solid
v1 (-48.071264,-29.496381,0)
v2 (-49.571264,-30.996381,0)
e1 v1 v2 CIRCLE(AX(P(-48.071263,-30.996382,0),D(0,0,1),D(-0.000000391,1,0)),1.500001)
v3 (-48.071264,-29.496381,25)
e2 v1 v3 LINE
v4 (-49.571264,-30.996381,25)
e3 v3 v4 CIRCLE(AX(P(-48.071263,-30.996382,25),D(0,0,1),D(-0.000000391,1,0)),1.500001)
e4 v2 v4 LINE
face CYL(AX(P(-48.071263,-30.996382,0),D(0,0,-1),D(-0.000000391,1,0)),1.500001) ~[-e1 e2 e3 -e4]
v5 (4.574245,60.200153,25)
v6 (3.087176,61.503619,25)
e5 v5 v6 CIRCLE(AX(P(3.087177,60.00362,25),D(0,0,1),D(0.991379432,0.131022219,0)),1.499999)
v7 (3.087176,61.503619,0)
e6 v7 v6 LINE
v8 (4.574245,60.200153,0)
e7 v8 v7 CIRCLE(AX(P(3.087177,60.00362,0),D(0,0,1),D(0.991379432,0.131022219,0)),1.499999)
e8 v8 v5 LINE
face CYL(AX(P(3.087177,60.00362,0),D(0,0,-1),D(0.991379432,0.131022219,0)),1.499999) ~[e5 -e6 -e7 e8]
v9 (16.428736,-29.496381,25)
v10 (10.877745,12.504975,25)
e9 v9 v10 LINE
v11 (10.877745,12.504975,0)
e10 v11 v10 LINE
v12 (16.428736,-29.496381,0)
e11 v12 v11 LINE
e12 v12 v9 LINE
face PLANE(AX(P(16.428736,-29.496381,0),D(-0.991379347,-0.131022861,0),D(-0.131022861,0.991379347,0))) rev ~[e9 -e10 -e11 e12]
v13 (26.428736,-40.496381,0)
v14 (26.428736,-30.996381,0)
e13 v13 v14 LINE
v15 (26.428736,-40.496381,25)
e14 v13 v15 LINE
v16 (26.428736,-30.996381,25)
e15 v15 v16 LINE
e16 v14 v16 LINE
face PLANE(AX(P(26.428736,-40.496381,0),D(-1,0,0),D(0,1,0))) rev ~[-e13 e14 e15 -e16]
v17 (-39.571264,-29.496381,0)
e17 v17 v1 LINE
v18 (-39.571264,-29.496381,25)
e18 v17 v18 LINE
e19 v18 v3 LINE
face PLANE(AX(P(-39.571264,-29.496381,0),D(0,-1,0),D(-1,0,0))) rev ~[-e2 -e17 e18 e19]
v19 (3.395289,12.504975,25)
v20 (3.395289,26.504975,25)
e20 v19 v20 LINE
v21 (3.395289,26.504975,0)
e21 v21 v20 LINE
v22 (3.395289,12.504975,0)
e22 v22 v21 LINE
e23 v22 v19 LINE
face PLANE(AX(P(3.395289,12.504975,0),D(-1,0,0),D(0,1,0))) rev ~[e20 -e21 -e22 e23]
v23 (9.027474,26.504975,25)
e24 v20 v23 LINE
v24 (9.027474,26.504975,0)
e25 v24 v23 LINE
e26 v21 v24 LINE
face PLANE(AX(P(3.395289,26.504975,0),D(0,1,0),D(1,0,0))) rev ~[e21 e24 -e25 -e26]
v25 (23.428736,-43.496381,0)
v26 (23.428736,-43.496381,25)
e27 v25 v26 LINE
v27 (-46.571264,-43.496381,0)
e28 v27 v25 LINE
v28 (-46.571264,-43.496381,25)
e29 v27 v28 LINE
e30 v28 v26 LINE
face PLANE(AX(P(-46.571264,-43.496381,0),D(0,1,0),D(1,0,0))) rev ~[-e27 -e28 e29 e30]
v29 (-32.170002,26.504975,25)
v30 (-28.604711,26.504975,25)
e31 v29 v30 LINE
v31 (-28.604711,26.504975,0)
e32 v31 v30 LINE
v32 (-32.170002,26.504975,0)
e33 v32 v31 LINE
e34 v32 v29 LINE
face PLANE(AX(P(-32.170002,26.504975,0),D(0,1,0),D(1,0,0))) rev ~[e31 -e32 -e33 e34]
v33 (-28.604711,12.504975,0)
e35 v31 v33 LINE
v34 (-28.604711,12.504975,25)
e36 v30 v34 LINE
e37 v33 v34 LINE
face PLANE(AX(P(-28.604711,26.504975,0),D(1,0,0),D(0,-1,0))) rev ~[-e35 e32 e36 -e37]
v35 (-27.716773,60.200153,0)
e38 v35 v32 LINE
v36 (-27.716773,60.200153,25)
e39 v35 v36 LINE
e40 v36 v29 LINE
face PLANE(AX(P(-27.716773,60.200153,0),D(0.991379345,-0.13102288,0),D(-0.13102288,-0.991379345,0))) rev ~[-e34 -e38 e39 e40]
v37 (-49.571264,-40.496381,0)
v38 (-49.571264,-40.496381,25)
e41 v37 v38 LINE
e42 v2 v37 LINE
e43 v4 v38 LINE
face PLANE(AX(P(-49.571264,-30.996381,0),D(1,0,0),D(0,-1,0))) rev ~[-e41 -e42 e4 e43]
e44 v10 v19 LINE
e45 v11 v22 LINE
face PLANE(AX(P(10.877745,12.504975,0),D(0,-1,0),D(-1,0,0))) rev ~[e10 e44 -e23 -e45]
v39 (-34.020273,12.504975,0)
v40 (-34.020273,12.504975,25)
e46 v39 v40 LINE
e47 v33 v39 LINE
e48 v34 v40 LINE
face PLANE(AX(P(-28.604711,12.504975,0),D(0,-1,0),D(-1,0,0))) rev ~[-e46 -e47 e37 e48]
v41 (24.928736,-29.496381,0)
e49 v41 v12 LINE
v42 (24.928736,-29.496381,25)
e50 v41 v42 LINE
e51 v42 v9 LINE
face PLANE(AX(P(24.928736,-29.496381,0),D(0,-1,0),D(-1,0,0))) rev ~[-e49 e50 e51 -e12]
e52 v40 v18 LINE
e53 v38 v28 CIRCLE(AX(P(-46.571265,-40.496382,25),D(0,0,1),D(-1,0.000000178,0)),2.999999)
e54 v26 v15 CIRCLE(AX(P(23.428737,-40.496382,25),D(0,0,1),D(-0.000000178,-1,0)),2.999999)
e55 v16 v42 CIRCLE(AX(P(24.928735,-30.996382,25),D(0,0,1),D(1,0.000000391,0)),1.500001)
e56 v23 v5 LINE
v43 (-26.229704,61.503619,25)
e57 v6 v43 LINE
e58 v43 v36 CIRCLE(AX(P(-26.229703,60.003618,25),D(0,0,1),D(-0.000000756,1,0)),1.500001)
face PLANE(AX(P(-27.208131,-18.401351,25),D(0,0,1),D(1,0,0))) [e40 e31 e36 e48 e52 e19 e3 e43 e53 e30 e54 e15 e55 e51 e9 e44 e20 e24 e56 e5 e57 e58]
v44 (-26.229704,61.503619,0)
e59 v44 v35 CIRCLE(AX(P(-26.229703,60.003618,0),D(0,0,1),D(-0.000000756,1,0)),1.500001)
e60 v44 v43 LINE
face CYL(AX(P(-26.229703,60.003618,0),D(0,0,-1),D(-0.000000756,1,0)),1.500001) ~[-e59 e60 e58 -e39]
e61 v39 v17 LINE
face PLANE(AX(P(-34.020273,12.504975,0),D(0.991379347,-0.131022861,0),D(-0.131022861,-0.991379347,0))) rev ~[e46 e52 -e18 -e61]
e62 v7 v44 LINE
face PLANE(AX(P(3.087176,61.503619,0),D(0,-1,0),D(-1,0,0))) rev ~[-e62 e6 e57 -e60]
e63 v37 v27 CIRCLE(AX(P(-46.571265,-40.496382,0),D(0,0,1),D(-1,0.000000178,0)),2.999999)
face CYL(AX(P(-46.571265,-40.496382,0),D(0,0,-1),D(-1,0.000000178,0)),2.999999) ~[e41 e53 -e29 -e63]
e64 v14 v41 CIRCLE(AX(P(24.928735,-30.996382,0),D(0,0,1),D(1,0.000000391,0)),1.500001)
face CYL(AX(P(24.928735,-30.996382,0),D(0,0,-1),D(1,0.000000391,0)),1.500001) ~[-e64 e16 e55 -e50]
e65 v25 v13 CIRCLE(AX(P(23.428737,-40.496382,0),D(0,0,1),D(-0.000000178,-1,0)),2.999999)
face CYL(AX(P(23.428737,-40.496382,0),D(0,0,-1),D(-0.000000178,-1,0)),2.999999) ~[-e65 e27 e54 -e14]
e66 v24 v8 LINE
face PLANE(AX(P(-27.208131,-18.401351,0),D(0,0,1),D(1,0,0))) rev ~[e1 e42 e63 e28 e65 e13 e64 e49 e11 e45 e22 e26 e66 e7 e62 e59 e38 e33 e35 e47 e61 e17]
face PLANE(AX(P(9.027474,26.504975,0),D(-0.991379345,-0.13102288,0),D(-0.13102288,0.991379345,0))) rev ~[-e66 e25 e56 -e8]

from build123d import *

# Parameters (mm, degrees)
F1_DEPTH = 25


with BuildPart() as f1:
    # F0 (on Top) → F1 (new body)
    with BuildSketch(Plane.XY):
        with BuildLine():
            ThreePointArc((-49.571264, -40.496381), (-48.692584, -42.617702), (-46.571264, -43.496381))
            Line((-46.571264, -43.496381), (-39.571264, -43.496381))
            Line((-39.571264, -43.496381), (-27.571264, -43.496381))
            Line((-27.571264, -43.496381), (-11.571264, -43.496381))
            Line((-11.571264, -43.496381), (-11.571264, 12.504975))
            Line((-11.571264, 12.504975), (-28.604711, 12.504975))
            Line((-28.604711, 12.504975), (-34.020273, 12.504975))
            Line((-34.020273, 12.504975), (-39.571264, -29.496381))
            Line((-39.571264, -29.496381), (-48.071264, -29.496381))
            ThreePointArc((-48.071264, -29.496381), (-49.131924, -29.935721), (-49.571264, -30.996381))
            Line((-49.571264, -30.996381), (-49.571264, -40.496381))
        make_face()
        with BuildLine():
            Line((-11.571264, 12.504975), (-11.571264, -43.496381))
            Line((-11.571264, -43.496381), (4.428736, -43.496381))
            Line((4.428736, -43.496381), (16.428736, -43.496381))
            Line((16.428736, -43.496381), (23.428736, -43.496381))
            ThreePointArc((23.428736, -43.496381), (25.550056, -42.617702), (26.428736, -40.496381))
            Line((26.428736, -40.496381), (26.428736, -30.996381))
            ThreePointArc((26.428736, -30.996381), (25.989396, -29.935721), (24.928736, -29.496381))
            Line((24.928736, -29.496381), (16.428736, -29.496381))
            Line((16.428736, -29.496381), (10.877745, 12.504975))
            Line((10.877745, 12.504975), (3.395289, 12.504975))
            Line((3.395289, 12.504975), (-11.571264, 12.504975))
        make_face()
        with BuildLine():
            Line((-28.604711, 12.504975), (-11.571264, 12.504975))
            Line((-11.571264, 12.504975), (-11.571264, 61.503619))
            Line((-11.571264, 61.503619), (-26.229704, 61.503619))
            ThreePointArc((-26.229704, 61.503619), (-27.21844, 61.131626), (-27.716773, 60.200153))
            Line((-27.716773, 60.200153), (-32.170002, 26.504975))
            Line((-32.170002, 26.504975), (-28.604711, 26.504975))
            Line((-28.604711, 26.504975), (-28.604711, 12.504975))
        make_face()
        Polygon((-11.571264, 61.503619), (-11.571264, 12.504975), (3.395289, 12.504975), (3.395289, 26.504975), (3.087176, 61.503619), align=None)
        with BuildLine():
            ThreePointArc((4.574245, 60.200153), (4.075913, 61.131626), (3.087176, 61.503619))
            Line((3.087176, 61.503619), (3.395289, 26.504975))
            Line((3.395289, 26.504975), (9.027474, 26.504975))
            Line((9.027474, 26.504975), (4.574245, 60.200153))
        make_face()
    extrude(amount=F1_DEPTH)


solid = f1.part
